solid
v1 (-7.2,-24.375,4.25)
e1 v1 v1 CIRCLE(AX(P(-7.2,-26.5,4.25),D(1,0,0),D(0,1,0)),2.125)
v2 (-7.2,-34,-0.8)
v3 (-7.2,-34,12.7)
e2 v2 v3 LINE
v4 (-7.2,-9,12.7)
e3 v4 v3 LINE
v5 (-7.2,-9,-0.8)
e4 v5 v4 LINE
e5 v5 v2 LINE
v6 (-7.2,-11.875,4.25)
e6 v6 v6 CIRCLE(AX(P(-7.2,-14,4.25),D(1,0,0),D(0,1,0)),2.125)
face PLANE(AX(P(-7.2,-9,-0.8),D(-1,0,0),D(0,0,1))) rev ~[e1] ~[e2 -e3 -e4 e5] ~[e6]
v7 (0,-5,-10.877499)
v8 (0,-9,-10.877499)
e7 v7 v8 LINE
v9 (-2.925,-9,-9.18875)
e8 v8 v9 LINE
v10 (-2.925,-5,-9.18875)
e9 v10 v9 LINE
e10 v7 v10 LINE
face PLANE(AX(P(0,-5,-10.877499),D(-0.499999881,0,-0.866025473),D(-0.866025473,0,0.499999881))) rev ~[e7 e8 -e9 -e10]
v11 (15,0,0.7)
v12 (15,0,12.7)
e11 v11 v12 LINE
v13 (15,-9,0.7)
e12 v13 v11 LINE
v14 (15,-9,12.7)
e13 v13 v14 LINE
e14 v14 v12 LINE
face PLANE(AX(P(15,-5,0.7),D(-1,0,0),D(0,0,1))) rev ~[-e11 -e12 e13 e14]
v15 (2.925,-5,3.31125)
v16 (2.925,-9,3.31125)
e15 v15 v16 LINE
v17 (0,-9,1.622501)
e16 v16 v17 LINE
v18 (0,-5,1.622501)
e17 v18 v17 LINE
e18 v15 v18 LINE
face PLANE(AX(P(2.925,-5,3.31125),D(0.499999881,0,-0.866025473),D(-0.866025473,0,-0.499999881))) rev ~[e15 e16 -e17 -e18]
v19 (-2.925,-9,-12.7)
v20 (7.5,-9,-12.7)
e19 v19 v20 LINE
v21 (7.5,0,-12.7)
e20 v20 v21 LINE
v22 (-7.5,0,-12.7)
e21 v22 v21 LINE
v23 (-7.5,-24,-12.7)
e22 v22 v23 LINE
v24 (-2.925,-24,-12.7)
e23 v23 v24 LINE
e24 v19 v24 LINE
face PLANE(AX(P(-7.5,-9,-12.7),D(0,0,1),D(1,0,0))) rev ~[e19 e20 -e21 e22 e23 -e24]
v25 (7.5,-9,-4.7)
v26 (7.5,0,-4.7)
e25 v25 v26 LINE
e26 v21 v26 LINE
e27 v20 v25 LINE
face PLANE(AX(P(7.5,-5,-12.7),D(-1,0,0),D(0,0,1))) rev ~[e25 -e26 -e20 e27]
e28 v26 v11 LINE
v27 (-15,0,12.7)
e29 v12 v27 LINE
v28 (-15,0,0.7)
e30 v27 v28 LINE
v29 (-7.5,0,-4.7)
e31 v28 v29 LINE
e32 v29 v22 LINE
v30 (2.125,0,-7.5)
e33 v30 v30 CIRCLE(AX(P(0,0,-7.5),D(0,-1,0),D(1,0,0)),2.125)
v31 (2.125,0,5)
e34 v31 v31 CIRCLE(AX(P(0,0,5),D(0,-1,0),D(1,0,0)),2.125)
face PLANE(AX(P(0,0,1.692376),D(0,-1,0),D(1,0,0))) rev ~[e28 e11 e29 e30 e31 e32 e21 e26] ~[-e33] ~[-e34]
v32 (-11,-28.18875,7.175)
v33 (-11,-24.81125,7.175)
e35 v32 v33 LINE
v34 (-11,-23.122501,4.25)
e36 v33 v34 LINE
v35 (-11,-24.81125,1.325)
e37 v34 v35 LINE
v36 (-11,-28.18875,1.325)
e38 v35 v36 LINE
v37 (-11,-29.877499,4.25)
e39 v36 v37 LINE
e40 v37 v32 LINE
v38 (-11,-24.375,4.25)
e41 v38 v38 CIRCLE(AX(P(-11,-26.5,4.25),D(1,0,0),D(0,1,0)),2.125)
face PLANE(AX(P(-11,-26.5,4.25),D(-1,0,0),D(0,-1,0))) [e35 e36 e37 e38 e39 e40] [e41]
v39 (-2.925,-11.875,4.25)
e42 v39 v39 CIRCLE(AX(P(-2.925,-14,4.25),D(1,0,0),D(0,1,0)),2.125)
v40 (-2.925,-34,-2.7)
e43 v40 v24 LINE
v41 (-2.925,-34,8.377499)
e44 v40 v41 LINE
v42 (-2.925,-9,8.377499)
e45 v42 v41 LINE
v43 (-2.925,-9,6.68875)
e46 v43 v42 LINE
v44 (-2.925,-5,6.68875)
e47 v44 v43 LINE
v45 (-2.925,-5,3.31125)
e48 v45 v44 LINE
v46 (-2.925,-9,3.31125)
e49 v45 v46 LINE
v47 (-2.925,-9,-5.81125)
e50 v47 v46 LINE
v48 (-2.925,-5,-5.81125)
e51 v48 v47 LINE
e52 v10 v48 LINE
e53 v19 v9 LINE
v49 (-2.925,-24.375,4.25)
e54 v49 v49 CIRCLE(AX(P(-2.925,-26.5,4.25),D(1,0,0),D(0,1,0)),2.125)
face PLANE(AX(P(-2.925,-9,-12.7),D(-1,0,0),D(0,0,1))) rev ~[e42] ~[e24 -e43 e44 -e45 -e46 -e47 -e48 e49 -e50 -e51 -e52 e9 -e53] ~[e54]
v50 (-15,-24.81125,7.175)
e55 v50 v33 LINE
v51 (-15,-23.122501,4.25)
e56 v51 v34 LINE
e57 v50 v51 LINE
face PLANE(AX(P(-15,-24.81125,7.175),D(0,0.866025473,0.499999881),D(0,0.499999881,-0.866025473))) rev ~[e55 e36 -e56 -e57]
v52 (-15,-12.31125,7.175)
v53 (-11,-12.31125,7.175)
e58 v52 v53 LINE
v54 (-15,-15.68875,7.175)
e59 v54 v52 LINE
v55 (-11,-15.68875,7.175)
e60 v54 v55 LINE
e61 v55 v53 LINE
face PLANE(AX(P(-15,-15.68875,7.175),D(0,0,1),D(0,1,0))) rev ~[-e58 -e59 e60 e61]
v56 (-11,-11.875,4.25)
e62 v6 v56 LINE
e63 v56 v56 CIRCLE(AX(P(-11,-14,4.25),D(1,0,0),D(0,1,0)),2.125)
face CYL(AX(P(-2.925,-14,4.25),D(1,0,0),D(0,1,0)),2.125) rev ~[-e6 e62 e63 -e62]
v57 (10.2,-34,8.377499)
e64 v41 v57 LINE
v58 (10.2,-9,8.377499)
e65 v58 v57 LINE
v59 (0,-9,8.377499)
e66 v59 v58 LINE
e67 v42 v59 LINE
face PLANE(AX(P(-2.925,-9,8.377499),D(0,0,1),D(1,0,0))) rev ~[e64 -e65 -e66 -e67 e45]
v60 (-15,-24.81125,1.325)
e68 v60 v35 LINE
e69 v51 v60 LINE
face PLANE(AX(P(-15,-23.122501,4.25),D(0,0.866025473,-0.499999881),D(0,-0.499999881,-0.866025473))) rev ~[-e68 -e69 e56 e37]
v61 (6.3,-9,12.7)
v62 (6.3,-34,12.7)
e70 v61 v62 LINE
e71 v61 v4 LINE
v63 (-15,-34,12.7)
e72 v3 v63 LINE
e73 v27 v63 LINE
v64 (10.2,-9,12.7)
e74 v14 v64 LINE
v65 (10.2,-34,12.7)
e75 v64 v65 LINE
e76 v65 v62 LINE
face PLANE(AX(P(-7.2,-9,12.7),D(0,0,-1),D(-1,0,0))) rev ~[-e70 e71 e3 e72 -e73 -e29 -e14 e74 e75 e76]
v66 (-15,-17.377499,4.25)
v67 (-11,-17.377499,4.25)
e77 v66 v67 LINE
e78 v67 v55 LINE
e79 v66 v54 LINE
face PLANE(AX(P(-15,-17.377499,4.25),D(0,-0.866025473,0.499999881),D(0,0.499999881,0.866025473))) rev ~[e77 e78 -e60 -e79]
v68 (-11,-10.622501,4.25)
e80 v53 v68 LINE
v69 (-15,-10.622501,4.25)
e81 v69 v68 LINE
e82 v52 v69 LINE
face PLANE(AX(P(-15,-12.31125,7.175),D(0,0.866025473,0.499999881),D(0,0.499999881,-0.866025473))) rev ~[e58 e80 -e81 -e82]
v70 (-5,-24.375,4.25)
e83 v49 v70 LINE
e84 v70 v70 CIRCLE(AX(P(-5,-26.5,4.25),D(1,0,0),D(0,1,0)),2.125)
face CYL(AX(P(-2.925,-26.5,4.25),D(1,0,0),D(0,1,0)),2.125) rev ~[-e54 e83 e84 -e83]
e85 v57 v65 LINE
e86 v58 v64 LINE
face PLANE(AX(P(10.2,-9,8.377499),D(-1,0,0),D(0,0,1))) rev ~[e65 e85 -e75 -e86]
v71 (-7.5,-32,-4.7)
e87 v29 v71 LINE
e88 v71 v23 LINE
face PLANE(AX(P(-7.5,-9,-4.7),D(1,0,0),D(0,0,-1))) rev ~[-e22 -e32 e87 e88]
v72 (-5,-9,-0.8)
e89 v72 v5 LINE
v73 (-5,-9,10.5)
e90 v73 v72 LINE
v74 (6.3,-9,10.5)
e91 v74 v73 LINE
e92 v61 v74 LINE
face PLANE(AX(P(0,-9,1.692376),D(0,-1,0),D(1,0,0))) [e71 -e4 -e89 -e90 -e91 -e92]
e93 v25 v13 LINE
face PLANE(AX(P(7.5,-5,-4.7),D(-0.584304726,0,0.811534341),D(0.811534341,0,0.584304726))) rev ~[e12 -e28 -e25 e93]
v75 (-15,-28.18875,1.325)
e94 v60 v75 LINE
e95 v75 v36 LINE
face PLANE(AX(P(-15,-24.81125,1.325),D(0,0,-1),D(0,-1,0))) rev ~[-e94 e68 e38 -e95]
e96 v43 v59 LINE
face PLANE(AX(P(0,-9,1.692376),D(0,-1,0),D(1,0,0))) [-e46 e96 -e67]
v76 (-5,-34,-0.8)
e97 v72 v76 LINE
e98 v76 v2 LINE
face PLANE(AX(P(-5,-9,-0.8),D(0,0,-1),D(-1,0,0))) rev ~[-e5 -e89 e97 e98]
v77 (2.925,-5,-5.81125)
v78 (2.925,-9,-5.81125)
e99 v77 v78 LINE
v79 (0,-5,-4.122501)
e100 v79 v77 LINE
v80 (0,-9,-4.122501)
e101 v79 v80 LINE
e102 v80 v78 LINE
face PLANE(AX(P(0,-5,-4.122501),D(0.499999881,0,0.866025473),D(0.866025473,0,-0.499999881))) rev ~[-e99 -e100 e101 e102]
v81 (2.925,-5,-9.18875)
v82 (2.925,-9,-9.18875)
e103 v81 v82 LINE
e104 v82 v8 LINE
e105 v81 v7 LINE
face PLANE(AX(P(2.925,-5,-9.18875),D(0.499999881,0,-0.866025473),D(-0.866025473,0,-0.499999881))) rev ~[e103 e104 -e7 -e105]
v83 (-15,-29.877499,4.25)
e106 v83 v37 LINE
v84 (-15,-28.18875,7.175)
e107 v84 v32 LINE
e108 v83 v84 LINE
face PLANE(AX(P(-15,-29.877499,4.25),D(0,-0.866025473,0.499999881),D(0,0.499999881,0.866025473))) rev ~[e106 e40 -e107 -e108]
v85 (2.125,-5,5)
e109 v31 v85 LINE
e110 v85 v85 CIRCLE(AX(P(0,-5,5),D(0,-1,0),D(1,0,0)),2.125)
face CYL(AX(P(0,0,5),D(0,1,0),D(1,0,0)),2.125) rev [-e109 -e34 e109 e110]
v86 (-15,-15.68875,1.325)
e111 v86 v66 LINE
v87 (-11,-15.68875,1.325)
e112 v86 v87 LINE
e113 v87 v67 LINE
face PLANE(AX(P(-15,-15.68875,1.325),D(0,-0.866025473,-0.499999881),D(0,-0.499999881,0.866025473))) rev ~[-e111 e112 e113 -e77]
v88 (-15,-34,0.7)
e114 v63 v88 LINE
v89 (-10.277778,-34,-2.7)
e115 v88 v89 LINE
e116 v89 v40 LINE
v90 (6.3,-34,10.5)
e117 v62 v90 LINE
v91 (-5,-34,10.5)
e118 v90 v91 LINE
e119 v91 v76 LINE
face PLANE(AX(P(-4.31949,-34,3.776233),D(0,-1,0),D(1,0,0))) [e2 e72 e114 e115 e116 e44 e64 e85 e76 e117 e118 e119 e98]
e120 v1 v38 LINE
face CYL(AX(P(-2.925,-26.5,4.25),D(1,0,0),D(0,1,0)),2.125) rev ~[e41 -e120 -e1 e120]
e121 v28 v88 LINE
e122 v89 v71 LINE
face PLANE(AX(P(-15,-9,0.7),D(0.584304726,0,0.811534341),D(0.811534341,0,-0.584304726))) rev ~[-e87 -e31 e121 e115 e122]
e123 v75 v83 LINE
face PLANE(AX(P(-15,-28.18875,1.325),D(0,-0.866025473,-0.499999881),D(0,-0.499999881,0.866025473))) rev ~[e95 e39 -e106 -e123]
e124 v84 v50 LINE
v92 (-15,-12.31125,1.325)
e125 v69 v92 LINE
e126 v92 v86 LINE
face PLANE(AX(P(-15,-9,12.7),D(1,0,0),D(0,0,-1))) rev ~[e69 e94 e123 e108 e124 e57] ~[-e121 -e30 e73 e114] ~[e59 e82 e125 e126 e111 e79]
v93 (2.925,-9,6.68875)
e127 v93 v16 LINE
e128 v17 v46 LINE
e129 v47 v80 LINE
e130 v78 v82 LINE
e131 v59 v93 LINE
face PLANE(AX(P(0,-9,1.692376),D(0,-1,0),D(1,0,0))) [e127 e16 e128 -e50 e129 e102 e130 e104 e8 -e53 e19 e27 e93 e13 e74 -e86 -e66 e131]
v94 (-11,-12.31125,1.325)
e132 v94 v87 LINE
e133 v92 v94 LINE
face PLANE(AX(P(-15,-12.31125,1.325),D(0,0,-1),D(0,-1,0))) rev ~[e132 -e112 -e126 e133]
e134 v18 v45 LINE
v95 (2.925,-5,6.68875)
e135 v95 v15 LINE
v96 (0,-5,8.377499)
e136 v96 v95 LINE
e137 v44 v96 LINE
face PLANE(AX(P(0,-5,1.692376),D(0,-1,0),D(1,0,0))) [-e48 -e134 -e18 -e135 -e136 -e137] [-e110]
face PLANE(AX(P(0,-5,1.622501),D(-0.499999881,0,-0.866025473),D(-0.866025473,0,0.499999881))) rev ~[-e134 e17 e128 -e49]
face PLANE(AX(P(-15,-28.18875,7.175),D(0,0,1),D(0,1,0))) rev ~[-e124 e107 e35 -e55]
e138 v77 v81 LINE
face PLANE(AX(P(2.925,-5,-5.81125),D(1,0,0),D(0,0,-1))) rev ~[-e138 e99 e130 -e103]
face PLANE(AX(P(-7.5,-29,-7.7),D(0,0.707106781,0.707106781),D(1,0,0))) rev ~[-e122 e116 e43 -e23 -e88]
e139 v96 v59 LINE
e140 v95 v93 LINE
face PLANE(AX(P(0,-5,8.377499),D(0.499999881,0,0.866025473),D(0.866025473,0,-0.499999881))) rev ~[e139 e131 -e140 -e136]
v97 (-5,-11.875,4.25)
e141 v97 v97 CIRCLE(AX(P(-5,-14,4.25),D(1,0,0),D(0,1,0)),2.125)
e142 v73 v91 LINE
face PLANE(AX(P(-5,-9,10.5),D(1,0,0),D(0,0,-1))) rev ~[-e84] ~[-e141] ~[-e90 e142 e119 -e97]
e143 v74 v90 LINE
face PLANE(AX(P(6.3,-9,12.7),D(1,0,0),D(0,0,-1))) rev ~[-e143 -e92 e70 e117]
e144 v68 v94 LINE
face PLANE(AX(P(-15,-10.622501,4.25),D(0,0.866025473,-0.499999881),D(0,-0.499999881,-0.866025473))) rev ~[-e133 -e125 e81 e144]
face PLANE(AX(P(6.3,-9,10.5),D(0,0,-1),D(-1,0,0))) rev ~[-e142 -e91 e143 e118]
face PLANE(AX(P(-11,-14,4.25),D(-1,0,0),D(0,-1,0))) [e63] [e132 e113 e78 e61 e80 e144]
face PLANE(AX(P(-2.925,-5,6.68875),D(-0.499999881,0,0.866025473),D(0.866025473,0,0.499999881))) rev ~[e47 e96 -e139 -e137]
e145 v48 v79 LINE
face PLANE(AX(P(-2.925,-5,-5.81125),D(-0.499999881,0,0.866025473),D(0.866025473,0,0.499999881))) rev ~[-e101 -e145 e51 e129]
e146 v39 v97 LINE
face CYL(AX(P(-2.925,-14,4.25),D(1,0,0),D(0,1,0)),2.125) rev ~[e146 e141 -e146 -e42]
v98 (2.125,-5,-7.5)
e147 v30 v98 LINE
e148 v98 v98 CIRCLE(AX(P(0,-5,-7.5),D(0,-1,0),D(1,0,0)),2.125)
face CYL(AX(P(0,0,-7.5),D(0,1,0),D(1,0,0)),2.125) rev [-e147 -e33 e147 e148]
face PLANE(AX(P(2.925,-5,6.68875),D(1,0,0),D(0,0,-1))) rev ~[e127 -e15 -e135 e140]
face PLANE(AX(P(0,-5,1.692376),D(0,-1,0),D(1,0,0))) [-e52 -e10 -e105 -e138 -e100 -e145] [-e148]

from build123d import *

# Parameters (mm, degrees)
F0_R     = 2.125
F1_DEPTH = 5
F3_DEPTH = 4
F5_DEPTH = 25
F6_R     = 2.125
F7_DEPTH = 25
F9_DEPTH = 4
F10_SIZE = 10


with BuildPart() as f1:
    # F0 (on Front) → F1 (new body)
    with BuildSketch(Plane.XZ):
        Polygon((-7.5, -12.7), (7.5, -12.7), (7.5, -4.7), (15, 0.7), (15, 12.7), (-15, 12.7), (-15, 0.7), (-7.5, -4.7), align=None)
        with Locations((0, -7.5)):
            Circle(F0_R, mode=Mode.SUBTRACT)
        with Locations((0, 5)):
            Circle(F0_R, mode=Mode.SUBTRACT)
    extrude(amount=F1_DEPTH)

    # F2 (on face) → F3 (join)
    with BuildSketch(Plane.XZ.offset(5)):
        Polygon((15, 12.7), (-15, 12.7), (-15, 0.7), (-7.5, -4.7), (-7.5, -12.7), (7.5, -12.7), (7.5, -4.7), (15, 0.7), align=None)
        Polygon((0, -4.122501), (2.925, -5.81125), (2.925, -9.18875), (0, -10.877499), (-2.925, -9.18875), (-2.925, -5.81125), align=None, mode=Mode.SUBTRACT)
        Polygon((0, 8.377499), (2.925, 6.68875), (2.925, 3.31125), (0, 1.622501), (-2.925, 3.31125), (-2.925, 6.68875), align=None, mode=Mode.SUBTRACT)
    extrude(amount=F3_DEPTH)

    # F4 (on face) → F5 (join)
    with BuildSketch(Plane.XZ.offset(9)):
        Polygon((-7.2, -0.8), (-7.2, 12.7), (-15, 12.7), (-15, 0.7), (-7.5, -4.7), (-7.5, -12.7), (-2.925, -12.7), (-2.925, 3.31125), (-2.925, 6.68875), (-2.925, 8.377499), (10.2, 8.377499), (10.2, 12.7), (6.3, 12.7), (6.3, 10.5), (-5, 10.5), (-5, -0.8), align=None)
    extrude(amount=F5_DEPTH)

    # F6 (on face) → F7 (cut)
    with BuildSketch(Plane.YZ.offset(-2.925)):
        with Locations((-26.5, 4.25)):
            Circle(F6_R)
        with Locations((-14, 4.25)):
            Circle(F6_R)
    extrude(amount=-F7_DEPTH, mode=Mode.SUBTRACT)

    # F8 (on face) → F9 (cut)
    with BuildSketch(Plane(origin=(-15, 0, 0), x_dir=(0, -1, 0), z_dir=(-1, 0, 0))):
        Polygon((15.68875, 7.175), (12.31125, 7.175), (10.622501, 4.25), (12.31125, 1.325), (15.68875, 1.325), (17.377499, 4.25), align=None)
        Polygon((28.18875, 7.175), (24.81125, 7.175), (23.122501, 4.25), (24.81125, 1.325), (28.18875, 1.325), (29.877499, 4.25), align=None)
    extrude(amount=-F9_DEPTH, mode=Mode.SUBTRACT)

    # F10
    f10_edges = [f1.edges().sort_by_distance(p)[0] for p in [
        (-5.2125, -34, -12.7),
    ]]
    chamfer(f10_edges, length=F10_SIZE)


solid = f1.part
